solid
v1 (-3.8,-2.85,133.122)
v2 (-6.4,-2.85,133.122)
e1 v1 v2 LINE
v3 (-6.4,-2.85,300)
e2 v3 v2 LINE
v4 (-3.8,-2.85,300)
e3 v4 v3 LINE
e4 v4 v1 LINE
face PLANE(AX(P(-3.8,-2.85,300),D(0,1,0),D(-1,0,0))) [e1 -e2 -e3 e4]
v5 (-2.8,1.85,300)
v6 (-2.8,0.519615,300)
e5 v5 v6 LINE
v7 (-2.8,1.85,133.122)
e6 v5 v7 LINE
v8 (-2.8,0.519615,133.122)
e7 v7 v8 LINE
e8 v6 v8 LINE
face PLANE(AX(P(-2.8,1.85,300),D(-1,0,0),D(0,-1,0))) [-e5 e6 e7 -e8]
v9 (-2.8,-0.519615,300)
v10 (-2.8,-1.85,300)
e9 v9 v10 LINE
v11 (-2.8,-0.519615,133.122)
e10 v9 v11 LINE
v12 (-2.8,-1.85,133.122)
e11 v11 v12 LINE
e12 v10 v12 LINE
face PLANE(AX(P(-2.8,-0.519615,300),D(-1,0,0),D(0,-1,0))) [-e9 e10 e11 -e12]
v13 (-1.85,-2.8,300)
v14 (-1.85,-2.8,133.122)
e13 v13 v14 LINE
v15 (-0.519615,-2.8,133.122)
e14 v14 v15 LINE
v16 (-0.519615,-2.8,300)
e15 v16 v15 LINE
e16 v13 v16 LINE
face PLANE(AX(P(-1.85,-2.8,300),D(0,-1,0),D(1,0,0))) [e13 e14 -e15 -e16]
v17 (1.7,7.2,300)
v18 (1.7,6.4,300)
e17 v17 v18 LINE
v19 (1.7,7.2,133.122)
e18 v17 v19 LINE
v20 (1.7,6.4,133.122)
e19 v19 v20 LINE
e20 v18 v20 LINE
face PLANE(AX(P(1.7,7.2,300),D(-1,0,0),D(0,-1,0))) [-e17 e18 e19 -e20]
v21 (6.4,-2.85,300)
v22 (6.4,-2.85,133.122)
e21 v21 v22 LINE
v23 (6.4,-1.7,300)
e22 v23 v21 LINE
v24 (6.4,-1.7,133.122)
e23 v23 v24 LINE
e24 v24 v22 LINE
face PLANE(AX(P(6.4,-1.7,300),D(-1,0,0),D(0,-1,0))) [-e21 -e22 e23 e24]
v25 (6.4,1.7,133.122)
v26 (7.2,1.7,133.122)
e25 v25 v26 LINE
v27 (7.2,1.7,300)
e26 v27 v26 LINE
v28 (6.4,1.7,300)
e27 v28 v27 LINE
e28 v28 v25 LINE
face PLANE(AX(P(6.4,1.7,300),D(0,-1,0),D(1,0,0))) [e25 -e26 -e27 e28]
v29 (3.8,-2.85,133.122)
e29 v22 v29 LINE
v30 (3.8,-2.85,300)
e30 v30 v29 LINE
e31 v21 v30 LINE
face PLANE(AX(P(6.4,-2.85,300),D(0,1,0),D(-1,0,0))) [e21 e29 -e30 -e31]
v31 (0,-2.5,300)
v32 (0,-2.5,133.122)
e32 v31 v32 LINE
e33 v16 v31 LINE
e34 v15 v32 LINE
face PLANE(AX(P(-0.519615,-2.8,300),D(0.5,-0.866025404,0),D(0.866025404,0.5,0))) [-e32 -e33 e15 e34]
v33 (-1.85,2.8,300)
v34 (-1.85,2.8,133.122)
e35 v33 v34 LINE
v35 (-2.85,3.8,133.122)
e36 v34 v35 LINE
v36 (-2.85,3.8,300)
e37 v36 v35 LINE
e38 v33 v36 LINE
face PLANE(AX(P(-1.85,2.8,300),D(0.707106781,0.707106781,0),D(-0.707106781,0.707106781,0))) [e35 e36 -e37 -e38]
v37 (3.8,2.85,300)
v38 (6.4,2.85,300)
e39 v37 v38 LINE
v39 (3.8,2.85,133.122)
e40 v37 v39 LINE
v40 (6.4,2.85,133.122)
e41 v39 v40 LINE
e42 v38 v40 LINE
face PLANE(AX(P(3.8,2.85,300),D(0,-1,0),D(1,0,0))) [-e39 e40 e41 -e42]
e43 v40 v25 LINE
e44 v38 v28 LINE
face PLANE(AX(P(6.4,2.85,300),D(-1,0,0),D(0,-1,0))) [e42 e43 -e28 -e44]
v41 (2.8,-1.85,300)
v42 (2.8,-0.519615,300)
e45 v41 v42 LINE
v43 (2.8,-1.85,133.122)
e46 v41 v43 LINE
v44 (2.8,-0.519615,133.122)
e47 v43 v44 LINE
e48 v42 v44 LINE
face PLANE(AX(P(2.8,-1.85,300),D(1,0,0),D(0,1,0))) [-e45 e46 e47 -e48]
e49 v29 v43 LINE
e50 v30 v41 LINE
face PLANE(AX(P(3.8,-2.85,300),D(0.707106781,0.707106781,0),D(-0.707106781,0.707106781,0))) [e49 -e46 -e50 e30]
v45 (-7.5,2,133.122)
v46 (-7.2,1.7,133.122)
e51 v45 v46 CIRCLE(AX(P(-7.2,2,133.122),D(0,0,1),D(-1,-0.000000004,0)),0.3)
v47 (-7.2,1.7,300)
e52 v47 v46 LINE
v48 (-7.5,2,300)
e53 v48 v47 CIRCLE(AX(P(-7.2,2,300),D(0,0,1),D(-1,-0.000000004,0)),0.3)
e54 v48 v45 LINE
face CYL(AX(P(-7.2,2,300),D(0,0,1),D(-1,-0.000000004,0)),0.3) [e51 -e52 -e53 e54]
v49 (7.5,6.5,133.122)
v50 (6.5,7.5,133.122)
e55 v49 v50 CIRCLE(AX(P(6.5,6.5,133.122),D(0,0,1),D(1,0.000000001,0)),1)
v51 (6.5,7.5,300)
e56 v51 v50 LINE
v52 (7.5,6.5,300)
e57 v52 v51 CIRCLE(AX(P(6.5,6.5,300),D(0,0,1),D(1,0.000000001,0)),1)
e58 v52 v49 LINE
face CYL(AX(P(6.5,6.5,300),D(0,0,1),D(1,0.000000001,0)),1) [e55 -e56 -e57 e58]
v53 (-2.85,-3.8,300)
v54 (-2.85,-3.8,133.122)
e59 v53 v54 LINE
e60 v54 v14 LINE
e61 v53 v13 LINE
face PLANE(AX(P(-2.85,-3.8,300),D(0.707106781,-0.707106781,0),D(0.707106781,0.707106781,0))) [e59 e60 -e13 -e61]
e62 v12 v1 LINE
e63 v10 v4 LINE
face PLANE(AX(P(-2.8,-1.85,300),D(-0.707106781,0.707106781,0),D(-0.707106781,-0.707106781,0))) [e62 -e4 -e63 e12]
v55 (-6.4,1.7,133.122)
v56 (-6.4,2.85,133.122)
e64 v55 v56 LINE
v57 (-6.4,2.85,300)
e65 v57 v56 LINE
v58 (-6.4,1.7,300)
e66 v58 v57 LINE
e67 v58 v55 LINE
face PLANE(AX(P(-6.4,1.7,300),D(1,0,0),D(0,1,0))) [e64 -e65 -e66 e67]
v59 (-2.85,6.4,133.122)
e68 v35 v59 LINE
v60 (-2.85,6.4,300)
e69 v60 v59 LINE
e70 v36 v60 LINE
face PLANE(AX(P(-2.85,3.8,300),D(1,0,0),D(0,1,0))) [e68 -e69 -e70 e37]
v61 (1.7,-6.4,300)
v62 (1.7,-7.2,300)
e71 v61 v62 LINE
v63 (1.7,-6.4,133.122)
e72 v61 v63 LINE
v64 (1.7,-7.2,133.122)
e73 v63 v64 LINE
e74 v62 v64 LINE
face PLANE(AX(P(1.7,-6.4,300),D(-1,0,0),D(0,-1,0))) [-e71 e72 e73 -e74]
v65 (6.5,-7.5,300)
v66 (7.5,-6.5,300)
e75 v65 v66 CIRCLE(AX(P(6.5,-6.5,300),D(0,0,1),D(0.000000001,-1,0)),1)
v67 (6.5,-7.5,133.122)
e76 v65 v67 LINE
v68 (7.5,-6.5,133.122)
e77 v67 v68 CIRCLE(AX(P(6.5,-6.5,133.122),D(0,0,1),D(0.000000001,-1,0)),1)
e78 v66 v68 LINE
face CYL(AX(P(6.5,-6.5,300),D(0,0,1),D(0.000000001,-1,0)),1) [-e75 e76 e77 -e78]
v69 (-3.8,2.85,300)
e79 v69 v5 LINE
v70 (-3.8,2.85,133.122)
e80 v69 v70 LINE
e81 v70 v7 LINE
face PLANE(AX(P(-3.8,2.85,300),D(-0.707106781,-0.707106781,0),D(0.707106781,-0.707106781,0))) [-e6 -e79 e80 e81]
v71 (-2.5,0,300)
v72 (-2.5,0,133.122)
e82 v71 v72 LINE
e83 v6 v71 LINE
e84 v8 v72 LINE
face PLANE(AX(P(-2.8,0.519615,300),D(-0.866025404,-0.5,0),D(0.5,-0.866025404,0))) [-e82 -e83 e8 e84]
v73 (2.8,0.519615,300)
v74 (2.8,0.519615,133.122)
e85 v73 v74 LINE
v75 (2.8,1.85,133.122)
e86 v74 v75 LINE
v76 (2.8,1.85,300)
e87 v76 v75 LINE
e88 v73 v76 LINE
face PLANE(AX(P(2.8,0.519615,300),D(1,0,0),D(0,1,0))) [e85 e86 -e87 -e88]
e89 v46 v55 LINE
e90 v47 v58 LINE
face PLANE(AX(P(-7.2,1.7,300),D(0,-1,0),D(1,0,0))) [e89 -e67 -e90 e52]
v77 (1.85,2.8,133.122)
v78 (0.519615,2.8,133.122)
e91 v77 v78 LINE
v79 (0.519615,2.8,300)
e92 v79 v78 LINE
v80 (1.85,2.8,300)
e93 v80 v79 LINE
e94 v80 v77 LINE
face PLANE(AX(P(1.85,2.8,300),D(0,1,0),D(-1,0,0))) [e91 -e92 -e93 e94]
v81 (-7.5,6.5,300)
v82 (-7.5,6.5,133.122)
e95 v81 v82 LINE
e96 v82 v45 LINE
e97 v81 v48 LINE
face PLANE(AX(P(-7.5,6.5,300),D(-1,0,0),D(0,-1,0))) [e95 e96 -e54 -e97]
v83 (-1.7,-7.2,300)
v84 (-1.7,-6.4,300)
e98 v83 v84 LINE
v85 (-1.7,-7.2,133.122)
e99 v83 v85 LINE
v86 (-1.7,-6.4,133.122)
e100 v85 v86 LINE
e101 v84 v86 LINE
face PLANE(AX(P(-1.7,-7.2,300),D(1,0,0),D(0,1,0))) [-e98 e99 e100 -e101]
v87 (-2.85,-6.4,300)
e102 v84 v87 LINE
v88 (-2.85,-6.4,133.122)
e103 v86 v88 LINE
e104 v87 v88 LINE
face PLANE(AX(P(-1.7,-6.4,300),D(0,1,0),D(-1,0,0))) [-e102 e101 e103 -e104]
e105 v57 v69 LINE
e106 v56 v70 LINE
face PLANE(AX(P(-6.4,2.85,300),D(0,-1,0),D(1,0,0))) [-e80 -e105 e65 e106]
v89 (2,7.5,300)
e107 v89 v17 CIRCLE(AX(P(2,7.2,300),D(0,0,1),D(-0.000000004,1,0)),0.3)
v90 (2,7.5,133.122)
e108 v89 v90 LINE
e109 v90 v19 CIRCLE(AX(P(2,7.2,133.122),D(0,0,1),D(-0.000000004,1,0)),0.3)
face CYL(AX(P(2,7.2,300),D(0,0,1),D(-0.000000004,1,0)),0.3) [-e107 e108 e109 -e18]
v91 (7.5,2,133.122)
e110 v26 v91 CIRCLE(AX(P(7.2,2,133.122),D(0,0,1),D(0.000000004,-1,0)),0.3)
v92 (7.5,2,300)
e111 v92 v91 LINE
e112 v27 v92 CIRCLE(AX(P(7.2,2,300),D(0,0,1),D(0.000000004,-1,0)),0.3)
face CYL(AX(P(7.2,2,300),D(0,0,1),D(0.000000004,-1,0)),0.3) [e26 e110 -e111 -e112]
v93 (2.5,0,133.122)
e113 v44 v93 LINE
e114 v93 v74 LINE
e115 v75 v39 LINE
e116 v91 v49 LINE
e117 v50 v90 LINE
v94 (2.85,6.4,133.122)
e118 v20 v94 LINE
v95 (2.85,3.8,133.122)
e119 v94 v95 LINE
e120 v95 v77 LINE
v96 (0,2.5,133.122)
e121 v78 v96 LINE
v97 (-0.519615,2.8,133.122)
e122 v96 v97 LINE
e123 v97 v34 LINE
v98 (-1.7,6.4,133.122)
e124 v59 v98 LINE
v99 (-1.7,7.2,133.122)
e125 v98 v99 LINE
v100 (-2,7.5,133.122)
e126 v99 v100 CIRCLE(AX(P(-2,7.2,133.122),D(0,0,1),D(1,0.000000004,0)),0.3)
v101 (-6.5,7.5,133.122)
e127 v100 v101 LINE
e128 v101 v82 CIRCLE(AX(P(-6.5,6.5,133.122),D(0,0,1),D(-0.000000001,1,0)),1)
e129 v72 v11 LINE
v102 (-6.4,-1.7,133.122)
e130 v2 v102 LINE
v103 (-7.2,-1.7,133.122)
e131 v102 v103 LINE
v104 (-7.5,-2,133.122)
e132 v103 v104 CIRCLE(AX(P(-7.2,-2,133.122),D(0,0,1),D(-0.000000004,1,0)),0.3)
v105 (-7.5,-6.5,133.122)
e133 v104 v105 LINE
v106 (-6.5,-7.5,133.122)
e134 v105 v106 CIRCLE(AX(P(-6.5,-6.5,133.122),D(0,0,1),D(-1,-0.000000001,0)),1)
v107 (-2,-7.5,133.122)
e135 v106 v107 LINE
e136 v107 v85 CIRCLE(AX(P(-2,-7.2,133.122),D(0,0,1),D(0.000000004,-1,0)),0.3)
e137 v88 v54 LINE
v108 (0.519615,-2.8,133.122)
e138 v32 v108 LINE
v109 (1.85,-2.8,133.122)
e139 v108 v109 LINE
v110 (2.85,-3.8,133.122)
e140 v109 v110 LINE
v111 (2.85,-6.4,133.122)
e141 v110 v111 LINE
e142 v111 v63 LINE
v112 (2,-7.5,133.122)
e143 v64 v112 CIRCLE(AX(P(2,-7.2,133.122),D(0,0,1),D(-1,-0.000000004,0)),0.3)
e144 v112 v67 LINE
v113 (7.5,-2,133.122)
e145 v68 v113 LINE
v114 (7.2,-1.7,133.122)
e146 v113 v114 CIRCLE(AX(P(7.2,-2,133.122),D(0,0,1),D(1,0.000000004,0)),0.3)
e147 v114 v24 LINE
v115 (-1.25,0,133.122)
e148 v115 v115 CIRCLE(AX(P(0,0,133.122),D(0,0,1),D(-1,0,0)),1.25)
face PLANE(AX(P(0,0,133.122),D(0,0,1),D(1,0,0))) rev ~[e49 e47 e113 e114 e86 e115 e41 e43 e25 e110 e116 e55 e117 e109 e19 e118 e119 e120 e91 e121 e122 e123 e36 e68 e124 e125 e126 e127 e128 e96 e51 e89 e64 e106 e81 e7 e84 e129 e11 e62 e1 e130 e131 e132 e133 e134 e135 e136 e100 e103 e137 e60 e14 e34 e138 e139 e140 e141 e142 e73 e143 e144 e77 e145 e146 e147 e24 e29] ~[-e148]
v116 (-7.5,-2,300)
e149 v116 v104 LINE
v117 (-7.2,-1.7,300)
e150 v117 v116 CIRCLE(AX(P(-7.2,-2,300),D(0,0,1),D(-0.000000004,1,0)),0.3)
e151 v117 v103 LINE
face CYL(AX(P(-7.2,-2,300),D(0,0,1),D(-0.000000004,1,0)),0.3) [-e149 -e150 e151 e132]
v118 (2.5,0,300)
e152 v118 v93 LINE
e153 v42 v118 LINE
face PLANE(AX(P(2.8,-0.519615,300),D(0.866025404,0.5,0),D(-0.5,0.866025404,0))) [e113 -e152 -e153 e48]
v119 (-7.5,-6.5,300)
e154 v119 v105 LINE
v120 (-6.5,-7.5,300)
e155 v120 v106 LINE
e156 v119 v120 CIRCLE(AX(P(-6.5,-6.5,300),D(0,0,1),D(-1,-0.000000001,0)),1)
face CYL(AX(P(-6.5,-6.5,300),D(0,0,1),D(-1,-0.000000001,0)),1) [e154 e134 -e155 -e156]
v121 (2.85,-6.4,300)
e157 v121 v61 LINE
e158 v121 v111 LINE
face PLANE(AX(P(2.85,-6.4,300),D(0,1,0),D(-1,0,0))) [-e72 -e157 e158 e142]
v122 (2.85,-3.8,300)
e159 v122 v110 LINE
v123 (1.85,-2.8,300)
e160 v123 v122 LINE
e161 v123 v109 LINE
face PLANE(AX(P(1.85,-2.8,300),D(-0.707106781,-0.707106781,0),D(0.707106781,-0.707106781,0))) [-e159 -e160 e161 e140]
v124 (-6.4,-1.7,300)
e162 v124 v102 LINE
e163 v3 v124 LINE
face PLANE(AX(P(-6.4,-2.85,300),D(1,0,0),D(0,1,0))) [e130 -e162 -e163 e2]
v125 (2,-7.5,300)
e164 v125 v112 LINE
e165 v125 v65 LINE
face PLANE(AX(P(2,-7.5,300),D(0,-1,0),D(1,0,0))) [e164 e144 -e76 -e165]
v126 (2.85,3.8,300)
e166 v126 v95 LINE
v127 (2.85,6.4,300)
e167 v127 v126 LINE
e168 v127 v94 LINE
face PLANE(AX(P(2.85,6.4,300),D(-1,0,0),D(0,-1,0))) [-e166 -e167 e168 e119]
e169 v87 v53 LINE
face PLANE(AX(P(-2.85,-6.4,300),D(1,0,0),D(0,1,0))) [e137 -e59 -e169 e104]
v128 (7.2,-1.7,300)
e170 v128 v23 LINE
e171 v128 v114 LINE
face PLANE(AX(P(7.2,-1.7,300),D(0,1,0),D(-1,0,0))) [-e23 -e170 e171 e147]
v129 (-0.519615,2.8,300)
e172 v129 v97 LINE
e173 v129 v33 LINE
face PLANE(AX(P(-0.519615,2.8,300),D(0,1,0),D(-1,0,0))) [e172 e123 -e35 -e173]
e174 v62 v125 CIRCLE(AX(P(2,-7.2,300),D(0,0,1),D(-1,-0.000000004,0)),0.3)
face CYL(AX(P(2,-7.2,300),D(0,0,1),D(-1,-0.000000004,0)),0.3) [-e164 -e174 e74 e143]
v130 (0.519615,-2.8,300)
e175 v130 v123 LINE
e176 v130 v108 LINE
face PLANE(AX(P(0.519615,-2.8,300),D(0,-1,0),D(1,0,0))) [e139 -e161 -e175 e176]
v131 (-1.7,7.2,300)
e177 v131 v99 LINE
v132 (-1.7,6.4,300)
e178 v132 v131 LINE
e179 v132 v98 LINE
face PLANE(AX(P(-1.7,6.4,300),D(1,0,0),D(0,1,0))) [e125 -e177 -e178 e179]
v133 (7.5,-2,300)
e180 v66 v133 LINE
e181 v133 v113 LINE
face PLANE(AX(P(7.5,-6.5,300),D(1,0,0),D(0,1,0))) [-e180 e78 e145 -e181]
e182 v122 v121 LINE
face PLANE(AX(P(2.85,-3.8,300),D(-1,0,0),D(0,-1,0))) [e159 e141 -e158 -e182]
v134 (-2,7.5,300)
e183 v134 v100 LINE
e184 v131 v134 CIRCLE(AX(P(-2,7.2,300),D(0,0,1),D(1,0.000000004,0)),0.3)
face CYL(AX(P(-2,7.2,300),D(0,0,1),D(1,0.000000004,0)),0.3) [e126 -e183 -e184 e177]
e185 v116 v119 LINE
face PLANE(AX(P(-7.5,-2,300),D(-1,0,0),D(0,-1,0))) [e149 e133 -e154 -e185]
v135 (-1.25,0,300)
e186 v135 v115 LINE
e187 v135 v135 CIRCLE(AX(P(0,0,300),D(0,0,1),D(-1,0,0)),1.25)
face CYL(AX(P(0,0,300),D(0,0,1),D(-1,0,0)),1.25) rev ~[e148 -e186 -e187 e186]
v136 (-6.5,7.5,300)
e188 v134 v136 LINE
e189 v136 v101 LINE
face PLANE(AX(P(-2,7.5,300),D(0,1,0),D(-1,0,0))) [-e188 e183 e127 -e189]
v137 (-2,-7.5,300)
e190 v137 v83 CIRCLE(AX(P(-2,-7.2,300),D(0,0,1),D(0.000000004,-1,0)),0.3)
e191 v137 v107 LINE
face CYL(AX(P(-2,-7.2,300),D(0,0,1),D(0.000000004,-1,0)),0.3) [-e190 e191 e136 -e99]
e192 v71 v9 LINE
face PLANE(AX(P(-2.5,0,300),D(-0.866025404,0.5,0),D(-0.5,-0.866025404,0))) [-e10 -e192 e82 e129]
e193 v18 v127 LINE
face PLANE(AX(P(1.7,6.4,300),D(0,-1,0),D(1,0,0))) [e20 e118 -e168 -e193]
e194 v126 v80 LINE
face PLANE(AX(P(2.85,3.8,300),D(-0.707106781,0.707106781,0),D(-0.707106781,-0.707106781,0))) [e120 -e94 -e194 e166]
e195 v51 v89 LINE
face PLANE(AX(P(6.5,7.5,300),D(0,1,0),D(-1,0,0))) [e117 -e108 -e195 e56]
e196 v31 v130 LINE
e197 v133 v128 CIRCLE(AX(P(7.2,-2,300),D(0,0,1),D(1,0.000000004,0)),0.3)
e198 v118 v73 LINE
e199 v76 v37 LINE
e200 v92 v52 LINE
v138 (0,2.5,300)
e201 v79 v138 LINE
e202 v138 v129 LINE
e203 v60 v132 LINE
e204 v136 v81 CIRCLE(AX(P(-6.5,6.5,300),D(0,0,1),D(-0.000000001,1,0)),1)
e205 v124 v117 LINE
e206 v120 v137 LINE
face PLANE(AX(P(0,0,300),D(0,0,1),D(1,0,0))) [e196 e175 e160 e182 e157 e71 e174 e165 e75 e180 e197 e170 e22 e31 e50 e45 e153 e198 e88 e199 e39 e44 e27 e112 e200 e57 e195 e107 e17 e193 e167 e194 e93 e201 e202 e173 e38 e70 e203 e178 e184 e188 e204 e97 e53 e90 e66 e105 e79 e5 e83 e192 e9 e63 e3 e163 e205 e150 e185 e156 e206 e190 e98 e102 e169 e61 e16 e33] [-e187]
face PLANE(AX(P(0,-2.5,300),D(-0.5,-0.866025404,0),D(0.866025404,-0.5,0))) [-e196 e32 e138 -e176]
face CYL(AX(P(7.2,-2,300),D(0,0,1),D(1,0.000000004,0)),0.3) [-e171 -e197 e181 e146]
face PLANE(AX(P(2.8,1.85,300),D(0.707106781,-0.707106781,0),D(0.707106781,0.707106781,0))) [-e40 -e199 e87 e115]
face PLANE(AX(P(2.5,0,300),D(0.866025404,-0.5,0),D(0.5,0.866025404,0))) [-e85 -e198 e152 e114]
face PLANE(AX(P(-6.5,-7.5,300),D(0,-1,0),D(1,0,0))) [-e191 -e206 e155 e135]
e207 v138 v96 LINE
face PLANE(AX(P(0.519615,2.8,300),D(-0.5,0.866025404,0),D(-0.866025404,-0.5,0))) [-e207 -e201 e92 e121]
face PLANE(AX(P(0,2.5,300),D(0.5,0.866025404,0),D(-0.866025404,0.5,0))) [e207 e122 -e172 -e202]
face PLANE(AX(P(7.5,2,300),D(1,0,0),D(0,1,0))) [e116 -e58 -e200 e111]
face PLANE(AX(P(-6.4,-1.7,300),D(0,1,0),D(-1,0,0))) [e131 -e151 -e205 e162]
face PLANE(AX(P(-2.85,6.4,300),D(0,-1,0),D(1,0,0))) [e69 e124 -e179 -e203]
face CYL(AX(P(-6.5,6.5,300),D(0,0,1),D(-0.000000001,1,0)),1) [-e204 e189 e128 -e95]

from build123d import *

# Parameters (mm, degrees)
SKETCH1_R           = 1.25
BOSS_EXTRUDE1_DEPTH = 166.878


with BuildPart() as part:
    # Sketch1 → Boss-Extrude1 (new body)
    with BuildSketch(Plane.XY.offset(300)):
        with BuildLine():
            Line((-7.5, 6.5), (-7.5, 2))
            ThreePointArc((-7.5, 2), (-7.412132034, 1.787867966), (-7.2, 1.7))
            Line((-7.2, 1.7), (-6.4, 1.7))
            Line((-6.4, 1.7), (-6.4, 2.85))
            Line((-6.4, 2.85), (-3.8, 2.85))
            Line((-3.8, 2.85), (-2.8, 1.85))
            Line((-2.8, 1.85), (-2.8, 0.519615242))
            Line((-2.8, 0.519615242), (-2.5, 0))
            Line((-2.5, 0), (-2.8, -0.519615242))
            Line((-2.8, -0.519615242), (-2.8, -1.85))
            Line((-2.8, -1.85), (-3.8, -2.85))
            Line((-3.8, -2.85), (-6.4, -2.85))
            Line((-6.4, -2.85), (-6.4, -1.7))
            Line((-6.4, -1.7), (-7.2, -1.7))
            ThreePointArc((-7.2, -1.7), (-7.412132034, -1.787867966), (-7.5, -2))
            Line((-7.5, -2), (-7.5, -6.5))
            ThreePointArc((-7.5, -6.5), (-7.207106781, -7.207106781), (-6.5, -7.5))
            Line((-6.5, -7.5), (-2, -7.5))
            ThreePointArc((-2, -7.5), (-1.787867966, -7.412132034), (-1.7, -7.2))
            Line((-1.7, -7.2), (-1.7, -6.4))
            Line((-1.7, -6.4), (-2.85, -6.4))
            Line((-2.85, -6.4), (-2.85, -3.8))
            Line((-2.85, -3.8), (-1.85, -2.8))
            Line((-1.85, -2.8), (-0.519615242, -2.8))
            Line((-0.519615242, -2.8), (0, -2.5))
            Line((0, -2.5), (0.519615242, -2.8))
            Line((0.519615242, -2.8), (1.85, -2.8))
            Line((1.85, -2.8), (2.85, -3.8))
            Line((2.85, -3.8), (2.85, -6.4))
            Line((2.85, -6.4), (1.7, -6.4))
            Line((1.7, -6.4), (1.7, -7.2))
            ThreePointArc((1.7, -7.2), (1.787867966, -7.412132034), (2, -7.5))
            Line((2, -7.5), (6.5, -7.5))
            ThreePointArc((6.5, -7.5), (7.207106781, -7.207106781), (7.5, -6.5))
            Line((7.5, -6.5), (7.5, -2))
            ThreePointArc((7.5, -2), (7.412132034, -1.787867966), (7.2, -1.7))
            Line((7.2, -1.7), (6.4, -1.7))
            Line((6.4, -1.7), (6.4, -2.85))
            Line((6.4, -2.85), (3.8, -2.85))
            Line((3.8, -2.85), (2.8, -1.85))
            Line((2.8, -1.85), (2.8, -0.519615242))
            Line((2.8, -0.519615242), (2.5, 0))
            Line((2.5, 0), (2.8, 0.519615242))
            Line((2.8, 0.519615242), (2.8, 1.85))
            Line((2.8, 1.85), (3.8, 2.85))
            Line((3.8, 2.85), (6.4, 2.85))
            Line((6.4, 2.85), (6.4, 1.7))
            Line((6.4, 1.7), (7.2, 1.7))
            ThreePointArc((7.2, 1.7), (7.412132034, 1.787867966), (7.5, 2))
            Line((7.5, 2), (7.5, 6.5))
            ThreePointArc((7.5, 6.5), (7.207106781, 7.207106781), (6.5, 7.5))
            Line((6.5, 7.5), (2, 7.5))
            ThreePointArc((2, 7.5), (1.787867966, 7.412132034), (1.7, 7.2))
            Line((1.7, 7.2), (1.7, 6.4))
            Line((1.7, 6.4), (2.85, 6.4))
            Line((2.85, 6.4), (2.85, 3.8))
            Line((2.85, 3.8), (1.85, 2.8))
            Line((1.85, 2.8), (0.519615242, 2.8))
            Line((0.519615242, 2.8), (0, 2.5))
            Line((0, 2.5), (-0.519615242, 2.8))
            Line((-0.519615242, 2.8), (-1.85, 2.8))
            Line((-1.85, 2.8), (-2.85, 3.8))
            Line((-2.85, 3.8), (-2.85, 6.4))
            Line((-2.85, 6.4), (-1.7, 6.4))
            Line((-1.7, 6.4), (-1.7, 7.2))
            ThreePointArc((-1.7, 7.2), (-1.787867966, 7.412132034), (-2, 7.5))
            Line((-2, 7.5), (-6.5, 7.5))
            ThreePointArc((-6.5, 7.5), (-7.207106781, 7.207106781), (-7.5, 6.5))
        make_face()
        with Locations(Location((0, 0, 0), (0, 0, 180))):
            Circle(SKETCH1_R, mode=Mode.SUBTRACT)
    extrude(amount=-BOSS_EXTRUDE1_DEPTH)


solid = part.part
